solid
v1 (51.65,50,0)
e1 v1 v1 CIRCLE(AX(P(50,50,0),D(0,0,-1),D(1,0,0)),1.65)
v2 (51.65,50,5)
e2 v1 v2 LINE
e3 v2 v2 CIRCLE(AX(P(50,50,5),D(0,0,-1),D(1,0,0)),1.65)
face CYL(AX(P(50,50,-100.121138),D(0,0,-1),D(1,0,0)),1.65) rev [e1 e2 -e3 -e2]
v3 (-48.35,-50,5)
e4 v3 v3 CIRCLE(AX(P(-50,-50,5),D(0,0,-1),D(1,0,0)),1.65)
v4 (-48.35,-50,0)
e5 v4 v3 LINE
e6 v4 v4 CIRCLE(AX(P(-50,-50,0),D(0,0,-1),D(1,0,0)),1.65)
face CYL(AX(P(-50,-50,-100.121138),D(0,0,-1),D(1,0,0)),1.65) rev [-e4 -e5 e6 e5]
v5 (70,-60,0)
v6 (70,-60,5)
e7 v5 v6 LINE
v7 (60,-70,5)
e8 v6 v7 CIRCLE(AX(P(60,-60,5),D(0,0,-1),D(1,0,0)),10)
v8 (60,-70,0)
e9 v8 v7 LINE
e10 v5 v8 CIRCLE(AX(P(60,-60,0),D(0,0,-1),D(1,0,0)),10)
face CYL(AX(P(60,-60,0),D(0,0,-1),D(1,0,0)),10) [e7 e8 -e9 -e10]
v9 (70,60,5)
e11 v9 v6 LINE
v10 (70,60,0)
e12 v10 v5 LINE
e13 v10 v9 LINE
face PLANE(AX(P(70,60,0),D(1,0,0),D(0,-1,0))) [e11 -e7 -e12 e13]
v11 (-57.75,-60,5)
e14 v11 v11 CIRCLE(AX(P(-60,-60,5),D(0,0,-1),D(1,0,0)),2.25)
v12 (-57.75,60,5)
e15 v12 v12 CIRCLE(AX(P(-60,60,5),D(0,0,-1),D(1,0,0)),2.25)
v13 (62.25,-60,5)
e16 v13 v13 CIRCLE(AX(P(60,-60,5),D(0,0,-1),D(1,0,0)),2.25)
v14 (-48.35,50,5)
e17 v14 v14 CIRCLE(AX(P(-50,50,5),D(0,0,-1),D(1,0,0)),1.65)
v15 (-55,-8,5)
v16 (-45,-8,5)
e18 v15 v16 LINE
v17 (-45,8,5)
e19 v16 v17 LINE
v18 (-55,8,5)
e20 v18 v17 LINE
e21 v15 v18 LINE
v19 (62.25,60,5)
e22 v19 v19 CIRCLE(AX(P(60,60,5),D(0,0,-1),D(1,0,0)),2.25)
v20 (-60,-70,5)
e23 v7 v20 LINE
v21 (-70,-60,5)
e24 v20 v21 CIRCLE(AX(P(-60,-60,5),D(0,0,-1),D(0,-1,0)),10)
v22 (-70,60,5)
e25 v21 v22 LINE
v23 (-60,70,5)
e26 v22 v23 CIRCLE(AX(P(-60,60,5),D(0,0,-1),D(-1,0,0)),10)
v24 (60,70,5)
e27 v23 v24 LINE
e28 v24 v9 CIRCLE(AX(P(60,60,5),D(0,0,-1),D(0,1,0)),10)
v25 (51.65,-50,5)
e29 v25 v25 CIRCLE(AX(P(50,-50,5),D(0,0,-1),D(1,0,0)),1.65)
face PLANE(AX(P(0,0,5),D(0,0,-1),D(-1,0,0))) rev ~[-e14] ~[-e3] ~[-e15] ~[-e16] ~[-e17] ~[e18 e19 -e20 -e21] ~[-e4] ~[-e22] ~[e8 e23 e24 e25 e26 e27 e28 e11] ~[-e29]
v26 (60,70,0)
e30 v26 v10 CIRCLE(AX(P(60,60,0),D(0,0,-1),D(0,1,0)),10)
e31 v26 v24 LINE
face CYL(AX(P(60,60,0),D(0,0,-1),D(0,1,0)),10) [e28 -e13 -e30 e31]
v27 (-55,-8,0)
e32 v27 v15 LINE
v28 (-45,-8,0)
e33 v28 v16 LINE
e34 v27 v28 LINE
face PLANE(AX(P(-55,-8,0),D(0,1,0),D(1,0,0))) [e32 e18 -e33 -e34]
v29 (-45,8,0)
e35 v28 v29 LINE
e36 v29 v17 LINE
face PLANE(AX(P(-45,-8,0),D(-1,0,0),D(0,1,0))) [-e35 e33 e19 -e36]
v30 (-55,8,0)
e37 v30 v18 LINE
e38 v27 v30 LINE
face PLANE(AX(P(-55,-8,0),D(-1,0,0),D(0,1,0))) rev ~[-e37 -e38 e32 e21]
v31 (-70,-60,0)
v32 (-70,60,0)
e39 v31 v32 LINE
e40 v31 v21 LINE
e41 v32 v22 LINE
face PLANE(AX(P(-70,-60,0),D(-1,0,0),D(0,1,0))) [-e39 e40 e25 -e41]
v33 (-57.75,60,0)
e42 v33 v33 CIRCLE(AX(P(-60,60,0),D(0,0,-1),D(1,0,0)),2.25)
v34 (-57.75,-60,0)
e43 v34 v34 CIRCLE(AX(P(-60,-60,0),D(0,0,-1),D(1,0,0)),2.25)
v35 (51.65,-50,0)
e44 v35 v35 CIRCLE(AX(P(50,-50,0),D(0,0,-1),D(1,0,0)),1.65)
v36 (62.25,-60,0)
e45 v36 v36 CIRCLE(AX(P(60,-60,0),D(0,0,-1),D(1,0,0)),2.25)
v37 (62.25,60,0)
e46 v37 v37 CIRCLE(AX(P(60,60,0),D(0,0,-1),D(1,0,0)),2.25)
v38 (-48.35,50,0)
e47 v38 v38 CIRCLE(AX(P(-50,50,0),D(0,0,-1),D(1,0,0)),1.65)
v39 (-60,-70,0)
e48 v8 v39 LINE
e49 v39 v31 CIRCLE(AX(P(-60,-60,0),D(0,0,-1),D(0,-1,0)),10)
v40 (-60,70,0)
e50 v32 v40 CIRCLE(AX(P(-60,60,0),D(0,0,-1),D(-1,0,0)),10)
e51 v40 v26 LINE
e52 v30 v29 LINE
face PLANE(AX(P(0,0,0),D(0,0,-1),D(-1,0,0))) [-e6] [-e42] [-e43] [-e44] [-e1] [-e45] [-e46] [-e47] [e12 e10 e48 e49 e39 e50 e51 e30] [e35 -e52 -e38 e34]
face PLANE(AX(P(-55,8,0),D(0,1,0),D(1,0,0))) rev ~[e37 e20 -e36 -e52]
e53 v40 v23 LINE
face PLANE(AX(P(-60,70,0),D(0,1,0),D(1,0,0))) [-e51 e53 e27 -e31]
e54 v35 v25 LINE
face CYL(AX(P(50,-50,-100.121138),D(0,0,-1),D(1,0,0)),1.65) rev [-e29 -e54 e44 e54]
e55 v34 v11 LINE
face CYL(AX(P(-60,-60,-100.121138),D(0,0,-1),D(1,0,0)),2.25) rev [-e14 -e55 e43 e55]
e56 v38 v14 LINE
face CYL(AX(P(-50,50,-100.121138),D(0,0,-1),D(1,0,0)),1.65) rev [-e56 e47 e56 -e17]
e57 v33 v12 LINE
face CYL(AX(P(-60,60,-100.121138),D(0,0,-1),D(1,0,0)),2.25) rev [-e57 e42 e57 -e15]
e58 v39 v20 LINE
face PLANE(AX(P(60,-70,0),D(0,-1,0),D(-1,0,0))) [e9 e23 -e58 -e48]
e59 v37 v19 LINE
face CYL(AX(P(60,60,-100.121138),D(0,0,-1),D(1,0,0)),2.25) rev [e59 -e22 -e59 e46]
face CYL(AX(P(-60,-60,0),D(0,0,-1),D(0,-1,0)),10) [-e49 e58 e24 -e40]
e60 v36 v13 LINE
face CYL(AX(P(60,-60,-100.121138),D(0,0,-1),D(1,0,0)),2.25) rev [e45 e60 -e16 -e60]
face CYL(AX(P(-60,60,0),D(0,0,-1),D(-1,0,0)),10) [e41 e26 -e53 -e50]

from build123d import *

# Parameters (mm, degrees)
ESKIZ_KONTUR_W        = 10
ESKIZ_KONTUR_H        = 16
PLASTINA_DEPTH        = 5
OTVERSTIYA_DEPTH      = 100.121138008
OTVERSTIYA_DEPTH_BACK = 100.121138008
ESKIZ_OTVERSTIYA_R    = 2.25
ESKIZ_OTVERSTIYA_R_2  = 1.65


with BuildPart() as part:
    # Eskiz_kontur → Plastina (new body)
    with BuildSketch(Plane.XY):
        with BuildLine():
            Line((-70, -60), (-70, 60))
            ThreePointArc((-70, 60), (-67.071067812, 67.071067812), (-60, 70))
            Line((-60, 70), (60, 70))
            ThreePointArc((60, 70), (67.071067812, 67.071067812), (70, 60))
            Line((70, 60), (70, -60))
            ThreePointArc((70, -60), (67.071067812, -67.071067812), (60, -70))
            Line((60, -70), (-60, -70))
            ThreePointArc((-60, -70), (-67.071067812, -67.071067812), (-70, -60))
        make_face()
        with Locations((-50, 0)):
            Rectangle(ESKIZ_KONTUR_W, ESKIZ_KONTUR_H, mode=Mode.SUBTRACT)
    extrude(amount=PLASTINA_DEPTH)

    # Eskiz_otverstiya → Otverstiya (cut, two sides: drawn at the far end of the back side and taken through both)
    with BuildSketch(Plane.XY.offset(-OTVERSTIYA_DEPTH_BACK)):
        with Locations((-60, -60)):
            Circle(ESKIZ_OTVERSTIYA_R)
        with Locations((-50, -50)):
            Circle(ESKIZ_OTVERSTIYA_R_2)
        with Locations((60, -60)):
            Circle(ESKIZ_OTVERSTIYA_R)
        with Locations((50, -50)):
            Circle(ESKIZ_OTVERSTIYA_R_2)
        with Locations((-50, 50)):
            Circle(ESKIZ_OTVERSTIYA_R_2)
        with Locations((-60, 60)):
            Circle(ESKIZ_OTVERSTIYA_R)
        with Locations((50, 50)):
            Circle(ESKIZ_OTVERSTIYA_R_2)
        with Locations((60, 60)):
            Circle(ESKIZ_OTVERSTIYA_R)
    extrude(amount=OTVERSTIYA_DEPTH + OTVERSTIYA_DEPTH_BACK, mode=Mode.SUBTRACT)


solid = part.part
